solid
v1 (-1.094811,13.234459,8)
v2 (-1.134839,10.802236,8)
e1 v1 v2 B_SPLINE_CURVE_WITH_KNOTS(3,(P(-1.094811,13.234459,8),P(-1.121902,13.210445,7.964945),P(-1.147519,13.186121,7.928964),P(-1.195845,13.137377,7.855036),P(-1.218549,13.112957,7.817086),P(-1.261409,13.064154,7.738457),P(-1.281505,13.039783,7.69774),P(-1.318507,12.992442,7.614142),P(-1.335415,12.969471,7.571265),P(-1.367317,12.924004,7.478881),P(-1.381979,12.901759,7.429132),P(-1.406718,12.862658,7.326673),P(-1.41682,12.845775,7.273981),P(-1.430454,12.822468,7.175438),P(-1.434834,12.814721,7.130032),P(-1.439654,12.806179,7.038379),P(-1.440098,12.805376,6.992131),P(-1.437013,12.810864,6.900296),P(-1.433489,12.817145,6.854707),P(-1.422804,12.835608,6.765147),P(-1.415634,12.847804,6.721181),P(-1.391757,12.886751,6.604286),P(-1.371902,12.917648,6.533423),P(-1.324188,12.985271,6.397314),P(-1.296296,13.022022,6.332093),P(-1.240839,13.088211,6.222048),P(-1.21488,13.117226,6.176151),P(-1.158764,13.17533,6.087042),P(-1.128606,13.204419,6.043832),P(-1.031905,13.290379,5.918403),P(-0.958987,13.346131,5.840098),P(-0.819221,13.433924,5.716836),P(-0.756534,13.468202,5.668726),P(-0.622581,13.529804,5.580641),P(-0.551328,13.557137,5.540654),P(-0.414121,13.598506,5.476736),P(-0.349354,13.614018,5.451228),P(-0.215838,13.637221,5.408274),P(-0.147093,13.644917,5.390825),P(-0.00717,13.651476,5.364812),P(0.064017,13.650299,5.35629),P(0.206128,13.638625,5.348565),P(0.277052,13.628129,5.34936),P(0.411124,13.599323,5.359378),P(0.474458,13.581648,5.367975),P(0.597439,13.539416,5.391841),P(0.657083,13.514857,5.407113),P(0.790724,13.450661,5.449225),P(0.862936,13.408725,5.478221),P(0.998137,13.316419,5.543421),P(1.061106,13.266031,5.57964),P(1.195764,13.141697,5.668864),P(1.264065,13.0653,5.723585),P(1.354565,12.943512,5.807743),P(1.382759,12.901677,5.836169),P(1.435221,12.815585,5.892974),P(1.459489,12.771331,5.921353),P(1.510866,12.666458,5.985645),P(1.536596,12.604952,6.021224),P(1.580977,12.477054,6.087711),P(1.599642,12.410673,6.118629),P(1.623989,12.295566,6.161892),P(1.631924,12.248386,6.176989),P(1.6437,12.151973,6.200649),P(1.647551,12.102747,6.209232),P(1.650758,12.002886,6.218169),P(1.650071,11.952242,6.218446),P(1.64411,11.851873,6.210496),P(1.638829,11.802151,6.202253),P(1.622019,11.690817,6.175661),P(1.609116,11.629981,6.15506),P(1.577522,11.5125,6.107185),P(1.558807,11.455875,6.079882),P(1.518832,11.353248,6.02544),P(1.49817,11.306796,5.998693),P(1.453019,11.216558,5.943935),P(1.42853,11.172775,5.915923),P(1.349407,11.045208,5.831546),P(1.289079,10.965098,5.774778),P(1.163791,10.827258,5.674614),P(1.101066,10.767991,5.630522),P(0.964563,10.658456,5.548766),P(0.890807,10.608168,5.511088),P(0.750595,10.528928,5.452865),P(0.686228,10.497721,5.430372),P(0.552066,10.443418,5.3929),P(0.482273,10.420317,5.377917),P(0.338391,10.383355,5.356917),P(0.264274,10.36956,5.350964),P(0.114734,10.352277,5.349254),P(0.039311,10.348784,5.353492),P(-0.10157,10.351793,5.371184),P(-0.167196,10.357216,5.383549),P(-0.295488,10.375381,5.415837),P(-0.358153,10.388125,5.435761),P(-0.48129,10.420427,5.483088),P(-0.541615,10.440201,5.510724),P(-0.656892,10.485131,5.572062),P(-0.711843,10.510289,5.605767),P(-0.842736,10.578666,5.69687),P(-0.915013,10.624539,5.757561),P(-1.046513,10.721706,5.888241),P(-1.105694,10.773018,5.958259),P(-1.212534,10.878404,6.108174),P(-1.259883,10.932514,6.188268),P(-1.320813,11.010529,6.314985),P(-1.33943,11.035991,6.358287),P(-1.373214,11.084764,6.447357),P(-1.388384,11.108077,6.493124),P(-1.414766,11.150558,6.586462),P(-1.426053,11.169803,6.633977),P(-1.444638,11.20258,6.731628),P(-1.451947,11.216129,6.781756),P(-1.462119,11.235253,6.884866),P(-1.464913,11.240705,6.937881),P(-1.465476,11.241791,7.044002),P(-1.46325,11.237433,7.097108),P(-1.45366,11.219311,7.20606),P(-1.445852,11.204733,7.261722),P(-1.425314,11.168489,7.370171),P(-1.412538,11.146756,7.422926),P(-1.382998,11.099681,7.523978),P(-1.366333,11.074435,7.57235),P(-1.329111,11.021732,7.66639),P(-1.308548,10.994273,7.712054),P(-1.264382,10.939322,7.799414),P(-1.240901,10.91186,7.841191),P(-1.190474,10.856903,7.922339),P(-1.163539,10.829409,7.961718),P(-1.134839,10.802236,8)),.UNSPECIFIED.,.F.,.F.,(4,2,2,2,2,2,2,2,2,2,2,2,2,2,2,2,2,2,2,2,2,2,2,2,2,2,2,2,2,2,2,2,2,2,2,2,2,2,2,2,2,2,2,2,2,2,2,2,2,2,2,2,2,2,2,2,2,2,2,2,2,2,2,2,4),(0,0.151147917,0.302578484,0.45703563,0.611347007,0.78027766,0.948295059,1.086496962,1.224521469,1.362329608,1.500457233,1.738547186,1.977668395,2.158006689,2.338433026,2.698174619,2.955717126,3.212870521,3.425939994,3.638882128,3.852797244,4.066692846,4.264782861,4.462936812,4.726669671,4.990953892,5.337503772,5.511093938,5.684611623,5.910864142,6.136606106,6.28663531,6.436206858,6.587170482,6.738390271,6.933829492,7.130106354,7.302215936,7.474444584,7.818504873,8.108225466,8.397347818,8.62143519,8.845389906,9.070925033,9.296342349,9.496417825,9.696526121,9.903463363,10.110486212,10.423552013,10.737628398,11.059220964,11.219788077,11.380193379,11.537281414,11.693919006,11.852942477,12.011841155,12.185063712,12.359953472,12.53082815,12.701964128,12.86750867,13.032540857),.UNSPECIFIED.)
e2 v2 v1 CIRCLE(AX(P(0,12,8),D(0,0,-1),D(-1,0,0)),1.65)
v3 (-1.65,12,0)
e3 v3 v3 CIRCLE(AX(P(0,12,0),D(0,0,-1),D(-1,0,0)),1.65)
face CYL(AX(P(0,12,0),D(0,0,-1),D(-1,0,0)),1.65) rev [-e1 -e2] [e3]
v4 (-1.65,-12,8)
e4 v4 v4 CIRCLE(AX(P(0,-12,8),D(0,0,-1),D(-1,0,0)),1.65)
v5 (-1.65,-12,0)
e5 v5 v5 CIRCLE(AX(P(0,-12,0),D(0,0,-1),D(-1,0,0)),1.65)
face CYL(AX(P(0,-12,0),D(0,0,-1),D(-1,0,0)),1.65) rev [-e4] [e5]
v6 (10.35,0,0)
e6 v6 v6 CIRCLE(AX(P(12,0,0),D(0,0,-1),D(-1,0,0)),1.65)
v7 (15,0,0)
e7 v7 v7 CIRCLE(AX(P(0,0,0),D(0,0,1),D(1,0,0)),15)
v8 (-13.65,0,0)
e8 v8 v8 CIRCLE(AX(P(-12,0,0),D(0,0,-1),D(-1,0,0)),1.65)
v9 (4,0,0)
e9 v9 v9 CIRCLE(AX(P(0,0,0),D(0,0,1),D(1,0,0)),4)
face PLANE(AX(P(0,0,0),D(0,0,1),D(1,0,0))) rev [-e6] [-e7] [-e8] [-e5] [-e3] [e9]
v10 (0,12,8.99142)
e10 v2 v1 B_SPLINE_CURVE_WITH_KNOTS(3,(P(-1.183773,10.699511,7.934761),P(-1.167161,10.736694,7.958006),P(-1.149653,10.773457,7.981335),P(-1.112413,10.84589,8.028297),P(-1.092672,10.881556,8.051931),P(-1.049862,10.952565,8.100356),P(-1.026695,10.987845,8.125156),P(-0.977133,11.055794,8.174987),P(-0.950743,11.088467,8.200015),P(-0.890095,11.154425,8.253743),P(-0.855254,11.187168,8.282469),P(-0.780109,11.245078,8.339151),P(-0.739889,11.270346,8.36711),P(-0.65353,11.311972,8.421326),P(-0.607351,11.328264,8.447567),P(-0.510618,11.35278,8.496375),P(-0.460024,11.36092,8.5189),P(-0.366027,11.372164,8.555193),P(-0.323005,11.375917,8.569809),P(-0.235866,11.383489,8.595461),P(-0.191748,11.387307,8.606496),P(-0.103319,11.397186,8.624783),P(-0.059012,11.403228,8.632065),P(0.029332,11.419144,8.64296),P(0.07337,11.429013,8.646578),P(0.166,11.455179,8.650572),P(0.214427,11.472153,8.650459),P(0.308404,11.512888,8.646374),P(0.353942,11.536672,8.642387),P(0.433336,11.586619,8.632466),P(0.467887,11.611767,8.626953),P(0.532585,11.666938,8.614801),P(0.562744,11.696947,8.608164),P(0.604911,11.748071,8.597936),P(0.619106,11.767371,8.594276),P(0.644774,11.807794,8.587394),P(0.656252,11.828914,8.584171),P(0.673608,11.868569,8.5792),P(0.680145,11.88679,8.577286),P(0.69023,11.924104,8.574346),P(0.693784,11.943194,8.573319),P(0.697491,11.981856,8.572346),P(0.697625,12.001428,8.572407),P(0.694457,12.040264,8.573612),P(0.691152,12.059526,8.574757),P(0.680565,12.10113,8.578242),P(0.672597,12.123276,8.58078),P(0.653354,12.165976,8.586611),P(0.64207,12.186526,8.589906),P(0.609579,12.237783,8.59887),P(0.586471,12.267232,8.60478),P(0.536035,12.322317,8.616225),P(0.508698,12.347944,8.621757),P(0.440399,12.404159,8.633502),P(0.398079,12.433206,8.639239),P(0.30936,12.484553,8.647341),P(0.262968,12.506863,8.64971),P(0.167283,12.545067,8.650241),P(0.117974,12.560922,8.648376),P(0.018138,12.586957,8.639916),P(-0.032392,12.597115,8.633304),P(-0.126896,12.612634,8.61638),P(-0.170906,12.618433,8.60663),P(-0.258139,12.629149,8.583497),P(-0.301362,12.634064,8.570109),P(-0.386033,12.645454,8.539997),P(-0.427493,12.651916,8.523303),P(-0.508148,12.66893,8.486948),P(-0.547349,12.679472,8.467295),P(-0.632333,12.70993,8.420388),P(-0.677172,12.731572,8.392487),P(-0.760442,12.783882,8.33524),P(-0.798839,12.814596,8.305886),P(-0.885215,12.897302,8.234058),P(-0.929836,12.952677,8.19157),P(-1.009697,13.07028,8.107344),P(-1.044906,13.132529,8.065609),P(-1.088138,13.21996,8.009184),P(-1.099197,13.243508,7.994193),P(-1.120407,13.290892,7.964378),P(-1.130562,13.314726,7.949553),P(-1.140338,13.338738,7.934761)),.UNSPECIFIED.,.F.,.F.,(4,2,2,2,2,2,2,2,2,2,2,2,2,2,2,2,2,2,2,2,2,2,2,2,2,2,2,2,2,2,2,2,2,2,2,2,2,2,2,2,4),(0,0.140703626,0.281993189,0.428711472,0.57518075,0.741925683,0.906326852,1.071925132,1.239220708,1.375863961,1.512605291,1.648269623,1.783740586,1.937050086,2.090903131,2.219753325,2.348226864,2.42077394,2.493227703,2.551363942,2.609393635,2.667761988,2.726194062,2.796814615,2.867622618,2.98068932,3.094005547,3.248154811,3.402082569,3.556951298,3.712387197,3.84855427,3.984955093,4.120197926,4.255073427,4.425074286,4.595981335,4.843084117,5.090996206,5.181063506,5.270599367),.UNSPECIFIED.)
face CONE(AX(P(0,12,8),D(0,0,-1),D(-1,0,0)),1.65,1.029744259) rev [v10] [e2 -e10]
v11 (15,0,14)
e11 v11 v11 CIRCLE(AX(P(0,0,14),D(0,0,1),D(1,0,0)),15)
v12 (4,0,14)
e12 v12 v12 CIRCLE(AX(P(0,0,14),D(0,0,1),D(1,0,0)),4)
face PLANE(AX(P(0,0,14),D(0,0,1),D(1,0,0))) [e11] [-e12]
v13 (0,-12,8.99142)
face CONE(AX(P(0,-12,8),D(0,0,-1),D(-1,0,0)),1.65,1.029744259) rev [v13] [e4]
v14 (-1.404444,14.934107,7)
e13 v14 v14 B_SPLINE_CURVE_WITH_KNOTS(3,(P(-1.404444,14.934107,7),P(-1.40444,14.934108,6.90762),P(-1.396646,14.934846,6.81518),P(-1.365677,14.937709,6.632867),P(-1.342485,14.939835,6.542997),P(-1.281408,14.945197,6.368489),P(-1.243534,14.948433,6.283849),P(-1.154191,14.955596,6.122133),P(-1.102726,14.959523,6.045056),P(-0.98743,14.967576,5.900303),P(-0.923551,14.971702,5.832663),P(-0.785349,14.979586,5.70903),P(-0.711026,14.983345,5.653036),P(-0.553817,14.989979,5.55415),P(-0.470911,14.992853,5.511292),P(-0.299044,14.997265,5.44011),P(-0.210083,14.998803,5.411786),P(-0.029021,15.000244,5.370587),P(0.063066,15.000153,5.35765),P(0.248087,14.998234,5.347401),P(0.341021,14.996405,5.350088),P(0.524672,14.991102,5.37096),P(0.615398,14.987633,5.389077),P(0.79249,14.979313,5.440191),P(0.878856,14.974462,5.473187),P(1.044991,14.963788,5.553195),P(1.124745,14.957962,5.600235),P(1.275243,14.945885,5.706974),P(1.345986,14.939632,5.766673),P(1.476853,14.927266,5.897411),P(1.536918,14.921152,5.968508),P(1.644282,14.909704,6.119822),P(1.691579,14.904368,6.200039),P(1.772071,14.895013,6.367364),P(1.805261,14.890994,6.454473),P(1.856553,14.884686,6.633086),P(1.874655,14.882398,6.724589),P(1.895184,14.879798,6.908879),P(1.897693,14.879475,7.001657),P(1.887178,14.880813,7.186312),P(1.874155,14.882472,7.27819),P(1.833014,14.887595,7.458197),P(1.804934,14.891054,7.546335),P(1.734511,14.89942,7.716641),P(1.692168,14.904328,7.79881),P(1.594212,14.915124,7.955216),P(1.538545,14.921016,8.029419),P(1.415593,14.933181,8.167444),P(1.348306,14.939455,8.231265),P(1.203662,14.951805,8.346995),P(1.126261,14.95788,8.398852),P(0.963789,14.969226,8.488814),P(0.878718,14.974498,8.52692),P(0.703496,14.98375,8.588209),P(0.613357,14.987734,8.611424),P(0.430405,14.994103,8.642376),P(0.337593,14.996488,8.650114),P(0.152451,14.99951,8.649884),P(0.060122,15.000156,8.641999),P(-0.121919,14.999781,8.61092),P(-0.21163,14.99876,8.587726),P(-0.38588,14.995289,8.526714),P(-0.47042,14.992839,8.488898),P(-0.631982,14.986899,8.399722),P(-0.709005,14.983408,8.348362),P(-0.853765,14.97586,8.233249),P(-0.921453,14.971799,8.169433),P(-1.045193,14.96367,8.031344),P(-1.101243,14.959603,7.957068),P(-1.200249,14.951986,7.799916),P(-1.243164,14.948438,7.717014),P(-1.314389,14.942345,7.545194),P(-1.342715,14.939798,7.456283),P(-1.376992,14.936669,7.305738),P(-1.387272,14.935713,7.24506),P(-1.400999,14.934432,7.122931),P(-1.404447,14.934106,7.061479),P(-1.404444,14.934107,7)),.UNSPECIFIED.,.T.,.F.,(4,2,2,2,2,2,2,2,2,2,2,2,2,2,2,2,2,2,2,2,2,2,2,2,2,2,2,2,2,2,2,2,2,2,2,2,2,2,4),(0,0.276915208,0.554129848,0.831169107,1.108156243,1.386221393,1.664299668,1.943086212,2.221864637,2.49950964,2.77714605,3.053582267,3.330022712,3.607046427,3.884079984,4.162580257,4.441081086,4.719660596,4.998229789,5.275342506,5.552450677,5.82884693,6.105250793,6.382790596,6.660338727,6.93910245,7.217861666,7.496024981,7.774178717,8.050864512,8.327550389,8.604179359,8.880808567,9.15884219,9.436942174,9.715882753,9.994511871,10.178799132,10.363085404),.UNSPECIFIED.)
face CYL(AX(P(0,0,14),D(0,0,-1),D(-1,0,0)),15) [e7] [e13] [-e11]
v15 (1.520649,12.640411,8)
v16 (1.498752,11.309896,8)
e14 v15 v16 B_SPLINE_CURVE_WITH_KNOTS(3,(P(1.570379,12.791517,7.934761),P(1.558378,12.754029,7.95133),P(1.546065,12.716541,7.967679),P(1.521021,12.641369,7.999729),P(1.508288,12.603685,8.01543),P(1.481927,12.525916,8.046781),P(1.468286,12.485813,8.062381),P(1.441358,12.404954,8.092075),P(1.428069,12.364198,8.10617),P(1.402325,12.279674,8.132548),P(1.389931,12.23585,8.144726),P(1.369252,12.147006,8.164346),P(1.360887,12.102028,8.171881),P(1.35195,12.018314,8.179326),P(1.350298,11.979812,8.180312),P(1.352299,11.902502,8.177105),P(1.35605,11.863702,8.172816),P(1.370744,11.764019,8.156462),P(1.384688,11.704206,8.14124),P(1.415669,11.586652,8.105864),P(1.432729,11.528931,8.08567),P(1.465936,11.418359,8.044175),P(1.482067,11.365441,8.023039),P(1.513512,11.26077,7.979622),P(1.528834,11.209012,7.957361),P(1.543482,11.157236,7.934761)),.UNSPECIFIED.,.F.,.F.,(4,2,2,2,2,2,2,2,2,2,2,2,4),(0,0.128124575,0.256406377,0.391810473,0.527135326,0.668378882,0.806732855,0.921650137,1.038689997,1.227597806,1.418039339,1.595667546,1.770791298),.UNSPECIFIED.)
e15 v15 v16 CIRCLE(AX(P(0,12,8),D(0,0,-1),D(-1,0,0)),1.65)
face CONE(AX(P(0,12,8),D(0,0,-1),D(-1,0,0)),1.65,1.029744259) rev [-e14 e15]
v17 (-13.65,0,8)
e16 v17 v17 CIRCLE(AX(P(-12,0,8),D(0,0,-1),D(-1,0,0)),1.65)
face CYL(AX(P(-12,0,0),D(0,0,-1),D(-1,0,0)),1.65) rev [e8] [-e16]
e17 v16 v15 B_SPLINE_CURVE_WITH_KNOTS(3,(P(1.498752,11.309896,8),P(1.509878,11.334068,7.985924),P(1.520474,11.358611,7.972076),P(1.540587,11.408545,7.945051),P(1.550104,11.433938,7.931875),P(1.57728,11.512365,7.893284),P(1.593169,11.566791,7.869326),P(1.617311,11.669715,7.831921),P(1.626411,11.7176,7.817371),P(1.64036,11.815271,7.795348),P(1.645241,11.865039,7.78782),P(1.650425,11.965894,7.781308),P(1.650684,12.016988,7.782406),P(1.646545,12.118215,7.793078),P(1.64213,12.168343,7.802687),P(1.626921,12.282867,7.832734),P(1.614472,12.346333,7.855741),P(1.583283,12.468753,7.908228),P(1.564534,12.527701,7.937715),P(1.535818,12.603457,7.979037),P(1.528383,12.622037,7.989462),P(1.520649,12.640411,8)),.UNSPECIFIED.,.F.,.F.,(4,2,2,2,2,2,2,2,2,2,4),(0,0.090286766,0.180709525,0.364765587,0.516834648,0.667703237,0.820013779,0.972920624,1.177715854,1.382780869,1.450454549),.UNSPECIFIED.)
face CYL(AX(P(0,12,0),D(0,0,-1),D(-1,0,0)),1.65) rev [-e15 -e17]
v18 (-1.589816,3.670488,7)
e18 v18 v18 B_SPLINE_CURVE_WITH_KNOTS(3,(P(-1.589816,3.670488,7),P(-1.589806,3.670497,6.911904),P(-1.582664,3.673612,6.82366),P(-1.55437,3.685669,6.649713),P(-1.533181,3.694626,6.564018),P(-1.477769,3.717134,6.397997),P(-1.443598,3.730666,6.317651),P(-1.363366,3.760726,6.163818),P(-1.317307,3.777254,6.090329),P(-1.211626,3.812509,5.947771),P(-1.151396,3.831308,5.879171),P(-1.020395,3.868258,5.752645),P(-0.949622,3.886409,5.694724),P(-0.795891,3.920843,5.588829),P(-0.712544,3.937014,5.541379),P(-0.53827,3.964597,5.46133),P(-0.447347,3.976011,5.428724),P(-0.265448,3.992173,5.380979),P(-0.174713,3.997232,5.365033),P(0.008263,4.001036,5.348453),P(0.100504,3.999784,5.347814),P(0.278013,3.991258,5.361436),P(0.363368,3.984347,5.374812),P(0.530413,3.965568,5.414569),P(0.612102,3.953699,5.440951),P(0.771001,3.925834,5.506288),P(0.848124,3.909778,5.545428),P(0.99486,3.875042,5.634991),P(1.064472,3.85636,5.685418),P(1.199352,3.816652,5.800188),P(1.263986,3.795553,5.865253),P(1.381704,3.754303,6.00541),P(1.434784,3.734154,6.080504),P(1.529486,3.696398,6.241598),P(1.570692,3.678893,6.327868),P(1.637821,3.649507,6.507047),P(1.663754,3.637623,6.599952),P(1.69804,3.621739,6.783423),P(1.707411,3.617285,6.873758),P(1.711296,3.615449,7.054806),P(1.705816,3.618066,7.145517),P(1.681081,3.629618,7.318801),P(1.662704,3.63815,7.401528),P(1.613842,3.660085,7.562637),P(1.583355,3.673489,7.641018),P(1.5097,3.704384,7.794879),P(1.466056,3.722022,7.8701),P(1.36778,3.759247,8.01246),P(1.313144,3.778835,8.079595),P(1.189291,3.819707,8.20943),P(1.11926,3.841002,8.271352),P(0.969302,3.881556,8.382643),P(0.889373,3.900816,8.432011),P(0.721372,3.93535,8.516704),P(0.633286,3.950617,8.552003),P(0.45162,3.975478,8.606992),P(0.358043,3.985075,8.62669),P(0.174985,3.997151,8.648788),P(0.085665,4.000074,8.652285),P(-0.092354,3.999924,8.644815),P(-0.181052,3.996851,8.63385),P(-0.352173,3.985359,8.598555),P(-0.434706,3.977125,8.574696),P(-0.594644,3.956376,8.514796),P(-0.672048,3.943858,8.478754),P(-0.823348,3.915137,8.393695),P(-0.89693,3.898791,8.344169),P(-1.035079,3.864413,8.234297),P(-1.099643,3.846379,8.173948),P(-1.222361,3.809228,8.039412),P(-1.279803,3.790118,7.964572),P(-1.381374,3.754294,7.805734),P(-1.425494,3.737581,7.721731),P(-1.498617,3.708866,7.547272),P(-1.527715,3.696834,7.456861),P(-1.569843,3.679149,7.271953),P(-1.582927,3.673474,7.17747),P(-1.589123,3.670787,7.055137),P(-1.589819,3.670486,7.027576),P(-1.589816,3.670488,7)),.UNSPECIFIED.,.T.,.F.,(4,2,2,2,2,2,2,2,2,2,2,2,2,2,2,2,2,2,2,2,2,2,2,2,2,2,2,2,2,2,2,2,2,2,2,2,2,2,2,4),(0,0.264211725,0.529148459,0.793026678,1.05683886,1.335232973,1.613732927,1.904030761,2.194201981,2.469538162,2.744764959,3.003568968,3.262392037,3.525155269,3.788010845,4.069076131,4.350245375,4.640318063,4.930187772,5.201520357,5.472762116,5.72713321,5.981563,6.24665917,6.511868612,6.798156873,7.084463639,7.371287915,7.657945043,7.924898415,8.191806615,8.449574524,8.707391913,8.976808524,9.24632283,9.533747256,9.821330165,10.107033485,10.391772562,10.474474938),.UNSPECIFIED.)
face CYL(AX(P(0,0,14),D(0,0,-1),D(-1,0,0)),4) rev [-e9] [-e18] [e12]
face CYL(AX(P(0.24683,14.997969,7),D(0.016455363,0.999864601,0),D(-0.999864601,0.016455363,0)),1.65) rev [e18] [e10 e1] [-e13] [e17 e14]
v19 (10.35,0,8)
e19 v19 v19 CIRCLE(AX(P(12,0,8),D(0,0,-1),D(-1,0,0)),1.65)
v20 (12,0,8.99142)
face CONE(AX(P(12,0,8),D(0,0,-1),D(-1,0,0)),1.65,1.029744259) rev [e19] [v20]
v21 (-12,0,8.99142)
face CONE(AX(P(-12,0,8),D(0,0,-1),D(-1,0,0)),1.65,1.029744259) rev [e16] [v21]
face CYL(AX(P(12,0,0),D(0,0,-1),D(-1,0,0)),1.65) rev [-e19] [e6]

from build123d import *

# Parameters (mm, degrees)
SKETCH1_R                  = 15
SKETCH1_R_2                = 4
BOSS_EXTRUDE1_DEPTH        = 14
M4X0_7_TAPPED_HOLE1_REACH  = 36.371
M4X0_7_TAPPED_HOLE1_BORE_R = 1.65
M4X0_7_TAPPED_HOLE3_D      = 3.3
M4X0_7_TAPPED_HOLE3_DEPTH  = 8
M4X0_7_TAPPED_HOLE3_TIP    = 0.991420021


with BuildPart() as part:
    # Sketch1 → Boss-Extrude1 (new body)
    with BuildSketch(Plane.XY):
        Circle(SKETCH1_R)
        Circle(SKETCH1_R_2, mode=Mode.SUBTRACT)
    extrude(amount=BOSS_EXTRUDE1_DEPTH)

    # M4x0.7 Tapped Hole1 bore (on position points) → M4x0.7 Tapped Hole1 (cut, up to next)
    with BuildSketch(Plane(origin=(0.246830438, 14.99796902, 7), x_dir=(0.999864601356, -0.016455362532, 0), z_dir=(0.016455362532, 0.999864601356, 0)), mode=Mode.PRIVATE) as m4x0_7_tapped_hole1_sk1:
        Circle(M4X0_7_TAPPED_HOLE1_BORE_R)
    m4x0_7_tapped_hole1_tool1 = extrude(m4x0_7_tapped_hole1_sk1.sketch, amount=-M4X0_7_TAPPED_HOLE1_REACH, mode=Mode.PRIVATE) & part.part
    add(m4x0_7_tapped_hole1_tool1.solids().sort_by_distance((0.24683, 14.997969, 7))[0], mode=Mode.SUBTRACT)

    # M4x0.7 Tapped Hole3
    with Locations(Plane(origin=(0, 0, 0), x_dir=(-1, 0, 0), z_dir=(0, 0, -1))):
        with Locations((0, 12), (-12, 0), (0, -12), (12, 0)):
            Hole(M4X0_7_TAPPED_HOLE3_D / 2, depth=M4X0_7_TAPPED_HOLE3_DEPTH)
            with Locations((0, 0, -(M4X0_7_TAPPED_HOLE3_DEPTH + M4X0_7_TAPPED_HOLE3_TIP / 2))):  # 118° drill point
                Cone(0, M4X0_7_TAPPED_HOLE3_D / 2, M4X0_7_TAPPED_HOLE3_TIP, mode=Mode.SUBTRACT)


solid = part.part
